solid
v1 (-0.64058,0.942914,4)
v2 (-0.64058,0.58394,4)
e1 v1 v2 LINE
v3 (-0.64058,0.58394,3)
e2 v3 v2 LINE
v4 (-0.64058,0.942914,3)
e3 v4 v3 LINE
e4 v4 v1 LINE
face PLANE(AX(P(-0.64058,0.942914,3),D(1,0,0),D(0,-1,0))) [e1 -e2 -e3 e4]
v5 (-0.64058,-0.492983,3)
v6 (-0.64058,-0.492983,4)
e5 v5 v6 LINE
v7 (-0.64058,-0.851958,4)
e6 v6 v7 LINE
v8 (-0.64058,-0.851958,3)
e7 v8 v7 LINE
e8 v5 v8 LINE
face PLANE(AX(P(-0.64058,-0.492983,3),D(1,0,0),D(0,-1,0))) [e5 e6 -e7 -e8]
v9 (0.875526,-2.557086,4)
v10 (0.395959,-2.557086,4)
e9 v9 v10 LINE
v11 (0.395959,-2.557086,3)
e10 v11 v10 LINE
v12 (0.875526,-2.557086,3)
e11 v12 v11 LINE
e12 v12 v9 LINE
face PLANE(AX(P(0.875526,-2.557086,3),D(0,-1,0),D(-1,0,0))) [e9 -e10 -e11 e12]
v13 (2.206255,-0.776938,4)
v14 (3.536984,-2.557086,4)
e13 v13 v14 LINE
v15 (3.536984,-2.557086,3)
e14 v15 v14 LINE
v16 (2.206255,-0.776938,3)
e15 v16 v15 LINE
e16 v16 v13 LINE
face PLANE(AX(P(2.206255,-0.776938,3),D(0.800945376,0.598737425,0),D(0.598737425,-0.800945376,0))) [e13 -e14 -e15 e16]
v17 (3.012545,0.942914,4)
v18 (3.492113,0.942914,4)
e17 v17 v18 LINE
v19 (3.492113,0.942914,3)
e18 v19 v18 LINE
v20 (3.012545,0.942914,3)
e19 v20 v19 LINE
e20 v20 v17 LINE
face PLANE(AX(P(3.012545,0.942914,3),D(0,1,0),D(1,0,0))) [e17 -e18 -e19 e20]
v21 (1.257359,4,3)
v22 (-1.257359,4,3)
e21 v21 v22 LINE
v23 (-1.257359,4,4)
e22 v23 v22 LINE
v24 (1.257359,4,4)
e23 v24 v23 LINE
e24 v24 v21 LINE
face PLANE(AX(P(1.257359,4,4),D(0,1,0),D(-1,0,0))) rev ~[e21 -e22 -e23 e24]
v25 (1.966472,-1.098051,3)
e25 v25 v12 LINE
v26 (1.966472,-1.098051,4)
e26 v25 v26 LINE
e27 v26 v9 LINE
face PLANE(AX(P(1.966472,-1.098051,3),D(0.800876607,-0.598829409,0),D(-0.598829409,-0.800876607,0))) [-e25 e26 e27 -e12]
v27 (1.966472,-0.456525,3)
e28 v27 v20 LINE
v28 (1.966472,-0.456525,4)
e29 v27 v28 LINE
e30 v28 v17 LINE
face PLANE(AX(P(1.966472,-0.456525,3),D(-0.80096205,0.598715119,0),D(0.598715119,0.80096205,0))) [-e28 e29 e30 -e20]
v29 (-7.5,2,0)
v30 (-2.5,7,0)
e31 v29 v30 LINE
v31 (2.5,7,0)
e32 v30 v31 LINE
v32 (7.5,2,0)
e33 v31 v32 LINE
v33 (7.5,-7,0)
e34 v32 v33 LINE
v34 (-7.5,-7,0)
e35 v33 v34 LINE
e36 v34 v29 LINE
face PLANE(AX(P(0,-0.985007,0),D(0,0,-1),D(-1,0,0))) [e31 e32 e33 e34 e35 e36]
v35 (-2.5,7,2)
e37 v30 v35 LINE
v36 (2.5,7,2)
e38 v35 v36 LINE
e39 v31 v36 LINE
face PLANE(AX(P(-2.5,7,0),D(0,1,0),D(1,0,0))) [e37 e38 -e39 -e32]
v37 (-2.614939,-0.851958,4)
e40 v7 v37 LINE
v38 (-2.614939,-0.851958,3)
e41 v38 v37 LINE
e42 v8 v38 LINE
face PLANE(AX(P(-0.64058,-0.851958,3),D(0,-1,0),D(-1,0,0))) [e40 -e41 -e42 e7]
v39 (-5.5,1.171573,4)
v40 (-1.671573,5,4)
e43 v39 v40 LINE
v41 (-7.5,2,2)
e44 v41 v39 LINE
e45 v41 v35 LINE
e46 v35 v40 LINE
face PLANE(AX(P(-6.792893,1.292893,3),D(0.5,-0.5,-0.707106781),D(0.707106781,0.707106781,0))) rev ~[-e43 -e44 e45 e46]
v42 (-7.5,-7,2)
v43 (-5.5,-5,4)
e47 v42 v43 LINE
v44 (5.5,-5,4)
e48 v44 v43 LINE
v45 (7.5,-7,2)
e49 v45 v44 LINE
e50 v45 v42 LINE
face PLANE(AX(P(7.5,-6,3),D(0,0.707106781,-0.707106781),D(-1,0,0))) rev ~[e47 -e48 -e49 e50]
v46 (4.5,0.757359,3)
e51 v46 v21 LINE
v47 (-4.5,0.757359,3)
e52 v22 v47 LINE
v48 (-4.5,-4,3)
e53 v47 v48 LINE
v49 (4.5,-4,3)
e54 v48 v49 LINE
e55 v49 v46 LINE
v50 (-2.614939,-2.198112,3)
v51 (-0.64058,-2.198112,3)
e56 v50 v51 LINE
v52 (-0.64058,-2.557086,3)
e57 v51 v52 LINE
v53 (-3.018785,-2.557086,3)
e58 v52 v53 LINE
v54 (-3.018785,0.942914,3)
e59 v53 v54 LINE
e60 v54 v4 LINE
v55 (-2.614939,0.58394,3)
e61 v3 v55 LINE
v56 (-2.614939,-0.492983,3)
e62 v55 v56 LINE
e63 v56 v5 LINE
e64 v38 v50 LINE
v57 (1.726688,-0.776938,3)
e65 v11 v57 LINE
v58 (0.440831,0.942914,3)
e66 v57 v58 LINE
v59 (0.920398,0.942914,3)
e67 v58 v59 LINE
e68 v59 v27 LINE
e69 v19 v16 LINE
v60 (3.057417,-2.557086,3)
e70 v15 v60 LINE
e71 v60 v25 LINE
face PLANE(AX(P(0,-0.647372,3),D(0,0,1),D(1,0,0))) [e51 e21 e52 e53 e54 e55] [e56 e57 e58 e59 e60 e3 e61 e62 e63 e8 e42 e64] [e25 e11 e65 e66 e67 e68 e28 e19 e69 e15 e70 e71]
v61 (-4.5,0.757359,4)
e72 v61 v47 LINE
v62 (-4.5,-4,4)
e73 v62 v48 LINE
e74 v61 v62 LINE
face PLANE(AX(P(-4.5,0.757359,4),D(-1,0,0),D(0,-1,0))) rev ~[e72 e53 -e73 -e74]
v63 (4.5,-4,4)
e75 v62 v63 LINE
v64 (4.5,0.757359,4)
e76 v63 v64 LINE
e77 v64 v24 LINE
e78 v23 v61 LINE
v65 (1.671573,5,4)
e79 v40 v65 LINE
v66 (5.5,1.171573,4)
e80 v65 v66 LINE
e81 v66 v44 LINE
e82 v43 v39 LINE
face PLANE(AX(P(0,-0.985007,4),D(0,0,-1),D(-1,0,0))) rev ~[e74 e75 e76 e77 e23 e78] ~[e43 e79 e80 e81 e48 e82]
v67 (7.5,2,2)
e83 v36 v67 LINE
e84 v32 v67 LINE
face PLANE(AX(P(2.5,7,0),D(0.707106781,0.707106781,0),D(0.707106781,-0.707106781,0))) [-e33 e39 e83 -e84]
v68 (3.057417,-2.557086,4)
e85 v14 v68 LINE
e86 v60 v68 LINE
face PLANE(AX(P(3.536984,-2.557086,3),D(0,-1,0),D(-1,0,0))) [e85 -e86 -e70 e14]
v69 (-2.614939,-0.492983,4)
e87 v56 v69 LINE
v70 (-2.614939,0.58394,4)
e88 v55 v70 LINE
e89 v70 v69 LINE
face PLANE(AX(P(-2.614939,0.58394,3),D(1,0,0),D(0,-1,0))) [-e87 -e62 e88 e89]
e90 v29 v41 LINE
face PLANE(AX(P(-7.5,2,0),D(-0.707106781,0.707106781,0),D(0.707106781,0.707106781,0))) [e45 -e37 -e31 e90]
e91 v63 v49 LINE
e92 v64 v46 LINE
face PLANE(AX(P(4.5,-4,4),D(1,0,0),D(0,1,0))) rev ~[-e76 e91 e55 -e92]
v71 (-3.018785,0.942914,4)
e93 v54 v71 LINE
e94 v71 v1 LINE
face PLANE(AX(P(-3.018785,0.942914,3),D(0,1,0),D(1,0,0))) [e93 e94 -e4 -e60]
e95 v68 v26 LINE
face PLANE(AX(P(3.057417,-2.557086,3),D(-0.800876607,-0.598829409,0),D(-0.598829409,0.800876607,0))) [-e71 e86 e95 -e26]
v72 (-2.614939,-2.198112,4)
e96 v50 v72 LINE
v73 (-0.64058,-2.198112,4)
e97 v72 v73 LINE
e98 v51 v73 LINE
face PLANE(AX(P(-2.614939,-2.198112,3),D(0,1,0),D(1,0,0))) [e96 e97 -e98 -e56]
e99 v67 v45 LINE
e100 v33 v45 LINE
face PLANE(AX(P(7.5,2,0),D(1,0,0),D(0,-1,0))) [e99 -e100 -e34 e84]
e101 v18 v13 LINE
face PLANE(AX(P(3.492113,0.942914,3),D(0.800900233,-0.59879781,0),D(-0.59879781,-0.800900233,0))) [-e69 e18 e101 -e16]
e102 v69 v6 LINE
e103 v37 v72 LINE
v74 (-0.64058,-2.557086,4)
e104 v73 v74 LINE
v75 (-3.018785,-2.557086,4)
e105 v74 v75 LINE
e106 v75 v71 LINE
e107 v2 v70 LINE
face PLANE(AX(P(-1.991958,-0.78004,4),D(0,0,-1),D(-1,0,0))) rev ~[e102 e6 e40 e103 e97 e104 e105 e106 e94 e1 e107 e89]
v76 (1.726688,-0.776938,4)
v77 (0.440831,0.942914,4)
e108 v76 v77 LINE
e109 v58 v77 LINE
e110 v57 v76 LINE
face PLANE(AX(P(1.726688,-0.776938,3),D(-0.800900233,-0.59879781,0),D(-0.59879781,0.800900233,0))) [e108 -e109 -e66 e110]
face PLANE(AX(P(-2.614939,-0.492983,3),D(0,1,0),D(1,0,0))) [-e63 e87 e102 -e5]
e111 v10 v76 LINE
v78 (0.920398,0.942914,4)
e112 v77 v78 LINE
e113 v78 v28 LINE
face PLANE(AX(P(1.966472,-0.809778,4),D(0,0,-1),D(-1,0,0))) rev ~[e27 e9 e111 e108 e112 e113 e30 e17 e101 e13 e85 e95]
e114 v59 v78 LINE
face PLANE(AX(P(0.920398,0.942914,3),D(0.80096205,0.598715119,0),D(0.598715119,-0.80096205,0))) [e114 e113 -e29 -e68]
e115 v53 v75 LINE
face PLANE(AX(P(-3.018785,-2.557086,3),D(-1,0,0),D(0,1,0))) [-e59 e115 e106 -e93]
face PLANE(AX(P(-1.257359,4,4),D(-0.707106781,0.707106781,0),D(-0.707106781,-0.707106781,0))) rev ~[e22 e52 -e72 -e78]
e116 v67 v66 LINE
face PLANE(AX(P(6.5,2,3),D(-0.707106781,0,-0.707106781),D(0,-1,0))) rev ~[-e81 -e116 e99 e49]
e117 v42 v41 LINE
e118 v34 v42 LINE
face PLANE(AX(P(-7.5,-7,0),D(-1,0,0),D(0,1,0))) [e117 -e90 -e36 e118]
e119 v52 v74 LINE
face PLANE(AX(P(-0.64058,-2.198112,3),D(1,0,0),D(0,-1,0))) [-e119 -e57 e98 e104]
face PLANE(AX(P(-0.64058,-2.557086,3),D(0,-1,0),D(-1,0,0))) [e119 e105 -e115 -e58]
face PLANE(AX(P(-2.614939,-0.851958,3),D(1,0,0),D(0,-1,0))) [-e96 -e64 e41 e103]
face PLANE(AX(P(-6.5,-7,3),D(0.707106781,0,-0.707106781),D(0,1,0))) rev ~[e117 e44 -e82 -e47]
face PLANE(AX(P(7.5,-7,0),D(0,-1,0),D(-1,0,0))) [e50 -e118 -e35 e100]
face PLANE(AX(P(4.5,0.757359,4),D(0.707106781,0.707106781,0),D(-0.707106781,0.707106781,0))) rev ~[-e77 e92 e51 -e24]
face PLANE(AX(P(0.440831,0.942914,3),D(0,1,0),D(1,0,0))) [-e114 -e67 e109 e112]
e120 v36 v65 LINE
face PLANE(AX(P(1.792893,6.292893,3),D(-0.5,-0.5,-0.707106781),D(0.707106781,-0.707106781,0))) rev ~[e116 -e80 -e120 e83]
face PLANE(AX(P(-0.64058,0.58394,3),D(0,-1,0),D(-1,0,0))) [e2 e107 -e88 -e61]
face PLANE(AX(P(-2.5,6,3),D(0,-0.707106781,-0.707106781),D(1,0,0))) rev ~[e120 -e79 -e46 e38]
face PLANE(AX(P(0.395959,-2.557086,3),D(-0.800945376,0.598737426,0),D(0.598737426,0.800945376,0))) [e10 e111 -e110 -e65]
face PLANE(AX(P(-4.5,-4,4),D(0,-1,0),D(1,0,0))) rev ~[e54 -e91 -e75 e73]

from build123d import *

# Parameters (mm, degrees)
EXTRUDE_1_DEPTH     = 4
CHAMFER_1_SIZE      = 2
CUT_EXTRUDE_1_DEPTH = 1
EXTRUDE_2_DEPTH     = 1


with BuildPart() as part:
    # 草图1 → 凸台-拉伸1 (new body)
    with BuildSketch(Plane.XY):
        Polygon((-7.5, 2), (-2.5, 7), (2.5, 7), (7.5, 2), (7.5, -7), (-7.5, -7), align=None)
    extrude(amount=EXTRUDE_1_DEPTH)

    # 倒角1
    chamfer_1_edges = [part.edges().sort_by_distance(p)[0] for p in [
        (7.5, -2.5, 4),
        (5, 4.5, 4),
        (0, 7, 4),
        (-5, 4.5, 4),
        (-7.5, -2.5, 4),
        (0, -7, 4),
    ]]
    chamfer(chamfer_1_edges, length=CHAMFER_1_SIZE)

    # 草图2 → 切除-拉伸1 (cut)
    with BuildSketch(Plane.XY.offset(4)):
        Polygon((-4.5, -4), (4.5, -4), (4.5, 0.757359313), (1.257359313, 4), (-1.257359313, 4), (-4.5, 0.757359313), align=None)
    extrude(amount=-CUT_EXTRUDE_1_DEPTH, mode=Mode.SUBTRACT)

    # 草图3 → 凸台-拉伸2 (add)
    with BuildSketch(Plane.XY.offset(3)):
        Polygon((-3.018784833, 0.942914113), (-0.640579705, 0.942914113), (-0.640579705, 0.583939754), (-2.614938679, 0.583939754), (-2.614938679, -0.492983323), (-0.640579705, -0.492983323), (-0.640579705, -0.851957682), (-2.614938679, -0.851957682), (-2.614938679, -2.198111528), (-0.640579705, -2.198111528), (-0.640579705, -2.557085887), (-3.018784833, -2.557085887), align=None)
        Polygon((0.440830551, 0.942914113), (0.920397859, 0.942914113), (1.966471577, -0.45652499), (3.012545295, 0.942914113), (3.492112603, 0.942914113), (2.206255231, -0.77693765), (3.536984397, -2.557085887), (3.05741709, -2.557085887), (1.966471577, -1.098051432), (0.875526064, -2.557085887), (0.395958756, -2.557085887), (1.726687923, -0.77693765), align=None)
    extrude(amount=EXTRUDE_2_DEPTH)


solid = part.part
